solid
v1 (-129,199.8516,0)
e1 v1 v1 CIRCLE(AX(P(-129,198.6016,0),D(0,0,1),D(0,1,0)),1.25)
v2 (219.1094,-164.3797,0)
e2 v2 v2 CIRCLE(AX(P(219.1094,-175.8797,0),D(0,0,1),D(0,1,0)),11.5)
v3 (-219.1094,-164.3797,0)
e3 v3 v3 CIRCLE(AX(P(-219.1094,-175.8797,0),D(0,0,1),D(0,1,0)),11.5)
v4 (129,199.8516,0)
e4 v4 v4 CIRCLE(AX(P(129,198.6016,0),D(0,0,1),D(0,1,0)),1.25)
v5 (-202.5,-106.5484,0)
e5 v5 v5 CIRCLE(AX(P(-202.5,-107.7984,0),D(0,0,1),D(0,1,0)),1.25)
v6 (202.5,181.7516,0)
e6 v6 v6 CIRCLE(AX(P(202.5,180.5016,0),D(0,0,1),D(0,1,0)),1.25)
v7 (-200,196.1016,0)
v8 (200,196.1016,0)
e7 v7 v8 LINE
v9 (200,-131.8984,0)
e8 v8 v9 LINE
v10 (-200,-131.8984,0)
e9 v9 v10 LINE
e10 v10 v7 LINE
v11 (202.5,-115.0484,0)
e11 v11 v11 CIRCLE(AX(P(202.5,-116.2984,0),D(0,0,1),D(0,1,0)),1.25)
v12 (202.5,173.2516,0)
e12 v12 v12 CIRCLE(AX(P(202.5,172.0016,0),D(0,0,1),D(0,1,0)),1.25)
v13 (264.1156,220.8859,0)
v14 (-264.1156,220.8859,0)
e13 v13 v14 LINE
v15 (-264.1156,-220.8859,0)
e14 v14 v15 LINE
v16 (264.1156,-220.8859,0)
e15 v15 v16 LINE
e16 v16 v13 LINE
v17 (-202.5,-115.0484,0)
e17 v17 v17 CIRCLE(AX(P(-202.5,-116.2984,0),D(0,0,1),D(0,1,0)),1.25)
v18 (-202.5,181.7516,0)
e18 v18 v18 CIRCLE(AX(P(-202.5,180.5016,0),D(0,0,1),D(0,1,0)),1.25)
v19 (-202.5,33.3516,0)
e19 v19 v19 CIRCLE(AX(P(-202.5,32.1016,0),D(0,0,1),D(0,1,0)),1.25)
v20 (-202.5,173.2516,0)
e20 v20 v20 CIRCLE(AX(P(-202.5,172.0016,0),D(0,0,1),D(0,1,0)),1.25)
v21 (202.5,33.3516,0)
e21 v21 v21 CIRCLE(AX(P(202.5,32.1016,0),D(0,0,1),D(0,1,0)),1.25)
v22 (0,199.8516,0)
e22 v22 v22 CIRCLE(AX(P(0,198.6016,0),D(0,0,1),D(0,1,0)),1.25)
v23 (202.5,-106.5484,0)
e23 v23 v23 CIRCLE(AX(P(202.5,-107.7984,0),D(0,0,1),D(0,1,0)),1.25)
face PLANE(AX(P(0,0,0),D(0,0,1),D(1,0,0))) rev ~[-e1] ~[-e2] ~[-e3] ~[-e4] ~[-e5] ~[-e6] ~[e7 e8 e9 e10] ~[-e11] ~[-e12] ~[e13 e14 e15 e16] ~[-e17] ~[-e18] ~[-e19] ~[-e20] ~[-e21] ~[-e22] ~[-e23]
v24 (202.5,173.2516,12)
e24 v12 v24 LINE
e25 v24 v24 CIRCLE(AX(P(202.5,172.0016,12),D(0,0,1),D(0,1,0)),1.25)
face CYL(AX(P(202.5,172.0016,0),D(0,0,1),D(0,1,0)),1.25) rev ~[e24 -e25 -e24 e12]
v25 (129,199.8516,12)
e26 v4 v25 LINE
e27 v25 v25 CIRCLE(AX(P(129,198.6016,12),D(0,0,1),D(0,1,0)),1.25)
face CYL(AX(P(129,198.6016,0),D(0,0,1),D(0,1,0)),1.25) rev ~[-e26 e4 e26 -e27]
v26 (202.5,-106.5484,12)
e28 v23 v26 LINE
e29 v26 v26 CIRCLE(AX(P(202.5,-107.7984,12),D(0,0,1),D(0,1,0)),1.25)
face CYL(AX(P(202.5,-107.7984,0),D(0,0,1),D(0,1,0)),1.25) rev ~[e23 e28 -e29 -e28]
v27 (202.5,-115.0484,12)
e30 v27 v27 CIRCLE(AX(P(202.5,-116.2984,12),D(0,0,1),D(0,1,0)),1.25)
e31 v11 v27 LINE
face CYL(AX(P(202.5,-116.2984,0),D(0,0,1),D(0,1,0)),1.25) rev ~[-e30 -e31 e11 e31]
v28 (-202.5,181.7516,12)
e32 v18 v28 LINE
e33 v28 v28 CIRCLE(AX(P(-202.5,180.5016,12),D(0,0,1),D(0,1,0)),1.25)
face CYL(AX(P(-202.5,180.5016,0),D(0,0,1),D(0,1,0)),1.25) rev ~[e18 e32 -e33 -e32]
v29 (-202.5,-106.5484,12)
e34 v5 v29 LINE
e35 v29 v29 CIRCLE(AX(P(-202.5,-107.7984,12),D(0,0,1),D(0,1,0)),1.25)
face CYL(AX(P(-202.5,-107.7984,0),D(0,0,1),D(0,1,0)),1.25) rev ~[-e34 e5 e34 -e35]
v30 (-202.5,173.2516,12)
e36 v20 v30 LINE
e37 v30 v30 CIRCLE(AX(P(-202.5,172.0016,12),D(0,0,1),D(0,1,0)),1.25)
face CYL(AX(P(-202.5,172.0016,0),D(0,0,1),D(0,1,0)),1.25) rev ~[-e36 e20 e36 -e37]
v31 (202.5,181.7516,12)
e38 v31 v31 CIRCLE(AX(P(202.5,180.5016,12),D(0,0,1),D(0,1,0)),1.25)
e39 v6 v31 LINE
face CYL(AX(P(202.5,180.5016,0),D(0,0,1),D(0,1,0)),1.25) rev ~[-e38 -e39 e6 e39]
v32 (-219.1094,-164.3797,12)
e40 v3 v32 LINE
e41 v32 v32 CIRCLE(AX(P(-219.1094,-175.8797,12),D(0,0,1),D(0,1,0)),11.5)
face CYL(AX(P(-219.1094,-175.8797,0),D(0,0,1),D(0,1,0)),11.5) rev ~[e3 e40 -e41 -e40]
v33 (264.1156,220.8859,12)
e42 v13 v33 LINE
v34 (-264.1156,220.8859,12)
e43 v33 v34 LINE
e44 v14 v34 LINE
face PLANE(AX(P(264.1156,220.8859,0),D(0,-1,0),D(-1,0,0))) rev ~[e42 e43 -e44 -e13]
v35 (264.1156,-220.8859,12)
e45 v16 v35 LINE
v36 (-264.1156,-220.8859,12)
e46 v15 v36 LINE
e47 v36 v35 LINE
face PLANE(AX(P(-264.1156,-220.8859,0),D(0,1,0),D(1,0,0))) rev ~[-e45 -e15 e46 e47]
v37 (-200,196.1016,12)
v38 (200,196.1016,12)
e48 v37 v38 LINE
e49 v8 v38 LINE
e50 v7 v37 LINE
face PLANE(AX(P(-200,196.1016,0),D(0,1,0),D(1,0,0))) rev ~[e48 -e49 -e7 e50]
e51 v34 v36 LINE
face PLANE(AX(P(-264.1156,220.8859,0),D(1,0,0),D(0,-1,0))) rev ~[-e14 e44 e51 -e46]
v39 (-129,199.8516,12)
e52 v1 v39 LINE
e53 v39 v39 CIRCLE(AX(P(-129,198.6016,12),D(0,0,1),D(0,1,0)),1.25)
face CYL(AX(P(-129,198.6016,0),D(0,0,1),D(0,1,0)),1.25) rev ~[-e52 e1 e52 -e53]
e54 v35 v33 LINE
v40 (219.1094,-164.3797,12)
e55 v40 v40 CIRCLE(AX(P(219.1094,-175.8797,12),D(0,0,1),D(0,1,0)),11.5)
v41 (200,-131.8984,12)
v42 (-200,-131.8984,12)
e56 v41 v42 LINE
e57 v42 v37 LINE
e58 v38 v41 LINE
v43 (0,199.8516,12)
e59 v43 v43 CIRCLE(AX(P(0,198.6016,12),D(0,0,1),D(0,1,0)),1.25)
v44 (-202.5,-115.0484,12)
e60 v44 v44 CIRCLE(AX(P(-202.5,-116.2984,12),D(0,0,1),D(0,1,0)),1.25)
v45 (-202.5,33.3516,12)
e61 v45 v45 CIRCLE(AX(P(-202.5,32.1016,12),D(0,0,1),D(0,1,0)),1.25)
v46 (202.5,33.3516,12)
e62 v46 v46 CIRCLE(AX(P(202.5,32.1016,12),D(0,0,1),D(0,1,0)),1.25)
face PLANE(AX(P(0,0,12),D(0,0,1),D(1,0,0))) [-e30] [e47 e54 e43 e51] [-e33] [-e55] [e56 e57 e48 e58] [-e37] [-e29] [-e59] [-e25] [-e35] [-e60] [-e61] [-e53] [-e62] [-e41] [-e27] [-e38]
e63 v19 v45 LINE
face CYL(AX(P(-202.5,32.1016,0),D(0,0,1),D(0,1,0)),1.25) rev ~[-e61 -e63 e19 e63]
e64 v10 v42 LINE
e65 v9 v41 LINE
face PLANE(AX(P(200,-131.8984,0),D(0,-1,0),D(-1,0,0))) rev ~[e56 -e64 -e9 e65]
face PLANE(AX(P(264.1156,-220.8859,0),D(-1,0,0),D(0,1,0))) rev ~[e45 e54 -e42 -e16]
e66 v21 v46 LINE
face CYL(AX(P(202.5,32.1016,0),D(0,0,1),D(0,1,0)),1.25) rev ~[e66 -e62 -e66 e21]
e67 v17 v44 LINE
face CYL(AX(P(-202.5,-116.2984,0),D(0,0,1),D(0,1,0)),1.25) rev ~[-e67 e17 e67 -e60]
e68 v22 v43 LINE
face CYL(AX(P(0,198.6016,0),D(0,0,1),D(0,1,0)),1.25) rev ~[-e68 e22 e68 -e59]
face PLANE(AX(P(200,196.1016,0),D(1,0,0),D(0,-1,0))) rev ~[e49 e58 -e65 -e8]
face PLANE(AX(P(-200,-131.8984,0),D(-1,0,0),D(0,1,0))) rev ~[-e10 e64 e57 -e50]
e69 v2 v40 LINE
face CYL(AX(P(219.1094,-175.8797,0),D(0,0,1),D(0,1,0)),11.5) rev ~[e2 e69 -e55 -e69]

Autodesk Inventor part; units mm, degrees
ref_plane "YZ Plane" through (0, 0, 0) normal (1, 0, 0) x (0, 1, 0)
ref_plane "XZ Plane" through (0, 0, 0) normal (0, 1, 0) x (-1, 0, 0)
ref_plane "XY Plane" through (0, 0, 0) normal (0, 0, 1) x (1, 0, 0)
sketch "Sketch1" plane through (0, 0, 0) normal (0, 0, 1) x (1, 0, 0)
  line L0 (199, 195.1016) -> (-199, 195.1016) projected
  line L1 (-199, 195.1016) -> (-199, -130.8984) projected
  line L2 (-199, -130.8984) -> (199, -130.8984) projected
  line L3 (199, -130.8984) -> (199, 195.1016) projected
  line L4 (-264.1156, 220.8859) -> (-264.1156, -220.8859) projected
  line L5 (-264.1156, -220.8859) -> (264.1156, -220.8859) projected
  line L6 (264.1156, -220.8859) -> (264.1156, 220.8859) projected
  line L7 (264.1156, 220.8859) -> (-264.1156, 220.8859) projected
  line L8 (-200, 196.1016) -> (200, 196.1016)
  line L9 (200, 196.1016) -> (200, -131.8984)
  line L10 (200, -131.8984) -> (-200, -131.8984)
  line L11 (-200, -131.8984) -> (-200, 196.1016)
  point P0 (0, 0)
  dimension "d0" = 1
extrude "Extrusion1" add sketch "Sketch1" along normal blind 12 contours L7 L6 L5 L4
sketch "Sketch2" plane through (0, 0, 0) normal (0, 0, -1) x (-1, 0, 0)
  point P0 (0, 0)
  point P1 (-219.1094, -175.8797)
  point P2 (219.1094, -175.8797)
hole "Hole1" at (219.1094, -175.8797, 0) at (-219.1094, -175.8797, 0) direction (0, 0, 1) diameter 23 end through all
sketch "Sketch3" plane through (0, 0, 0) normal (0, 0, -1) x (-1, 0, 0)
  circle A0 centre (-202.5, 180.5016) radius 3 projected
  circle A1 centre (-202.5, 172.0016) radius 2 projected
  line L0 (199, 195.1016) -> (-199, 195.1016) projected
  circle A2 centre (-129, 198.6016) radius 2 projected
  circle A3 centre (0, 198.6016) radius 2 projected
  circle A4 centre (129, 198.6016) radius 2 projected
  circle A5 centre (202.5, 180.5016) radius 3 projected
  circle A6 centre (202.5, 172.0016) radius 2 projected
  line L1 (199, -130.8984) -> (199, 195.1016) projected
  circle A7 centre (202.5, 32.1016) radius 2 projected
  line L2 (199, -130.8984) -> (199, 195.1016) projected
  circle A8 centre (202.5, -107.7984) radius 2 projected
  circle A9 centre (202.5, -116.2984) radius 3 projected
  circle A10 centre (-202.5, -116.2984) radius 3 projected
  circle A11 centre (-202.5, -107.7984) radius 2 projected
  circle A12 centre (-202.5, 32.1016) radius 2 projected
  point P0 (0, 0)
hole "Hole2" at (202.5, 180.5016, 0) at (202.5, 172.0016, 0) at (129, 198.6016, 0) at (0, 198.6016, 0) at (-129, 198.6016, 0) at (-202.5, 180.5016, 0) at (-202.5, 172.0016, 0) at (202.5, 32.1016, 0) at (202.5, -116.2984, 0) at (202.5, -107.7984, 0) at (-202.5, -116.2984, 0) at (-202.5, 32.1016, 0) at (-202.5, -107.7984, 0) direction (0, 0, 1) diameter 2.5 end through all
properties part number "lag2"
